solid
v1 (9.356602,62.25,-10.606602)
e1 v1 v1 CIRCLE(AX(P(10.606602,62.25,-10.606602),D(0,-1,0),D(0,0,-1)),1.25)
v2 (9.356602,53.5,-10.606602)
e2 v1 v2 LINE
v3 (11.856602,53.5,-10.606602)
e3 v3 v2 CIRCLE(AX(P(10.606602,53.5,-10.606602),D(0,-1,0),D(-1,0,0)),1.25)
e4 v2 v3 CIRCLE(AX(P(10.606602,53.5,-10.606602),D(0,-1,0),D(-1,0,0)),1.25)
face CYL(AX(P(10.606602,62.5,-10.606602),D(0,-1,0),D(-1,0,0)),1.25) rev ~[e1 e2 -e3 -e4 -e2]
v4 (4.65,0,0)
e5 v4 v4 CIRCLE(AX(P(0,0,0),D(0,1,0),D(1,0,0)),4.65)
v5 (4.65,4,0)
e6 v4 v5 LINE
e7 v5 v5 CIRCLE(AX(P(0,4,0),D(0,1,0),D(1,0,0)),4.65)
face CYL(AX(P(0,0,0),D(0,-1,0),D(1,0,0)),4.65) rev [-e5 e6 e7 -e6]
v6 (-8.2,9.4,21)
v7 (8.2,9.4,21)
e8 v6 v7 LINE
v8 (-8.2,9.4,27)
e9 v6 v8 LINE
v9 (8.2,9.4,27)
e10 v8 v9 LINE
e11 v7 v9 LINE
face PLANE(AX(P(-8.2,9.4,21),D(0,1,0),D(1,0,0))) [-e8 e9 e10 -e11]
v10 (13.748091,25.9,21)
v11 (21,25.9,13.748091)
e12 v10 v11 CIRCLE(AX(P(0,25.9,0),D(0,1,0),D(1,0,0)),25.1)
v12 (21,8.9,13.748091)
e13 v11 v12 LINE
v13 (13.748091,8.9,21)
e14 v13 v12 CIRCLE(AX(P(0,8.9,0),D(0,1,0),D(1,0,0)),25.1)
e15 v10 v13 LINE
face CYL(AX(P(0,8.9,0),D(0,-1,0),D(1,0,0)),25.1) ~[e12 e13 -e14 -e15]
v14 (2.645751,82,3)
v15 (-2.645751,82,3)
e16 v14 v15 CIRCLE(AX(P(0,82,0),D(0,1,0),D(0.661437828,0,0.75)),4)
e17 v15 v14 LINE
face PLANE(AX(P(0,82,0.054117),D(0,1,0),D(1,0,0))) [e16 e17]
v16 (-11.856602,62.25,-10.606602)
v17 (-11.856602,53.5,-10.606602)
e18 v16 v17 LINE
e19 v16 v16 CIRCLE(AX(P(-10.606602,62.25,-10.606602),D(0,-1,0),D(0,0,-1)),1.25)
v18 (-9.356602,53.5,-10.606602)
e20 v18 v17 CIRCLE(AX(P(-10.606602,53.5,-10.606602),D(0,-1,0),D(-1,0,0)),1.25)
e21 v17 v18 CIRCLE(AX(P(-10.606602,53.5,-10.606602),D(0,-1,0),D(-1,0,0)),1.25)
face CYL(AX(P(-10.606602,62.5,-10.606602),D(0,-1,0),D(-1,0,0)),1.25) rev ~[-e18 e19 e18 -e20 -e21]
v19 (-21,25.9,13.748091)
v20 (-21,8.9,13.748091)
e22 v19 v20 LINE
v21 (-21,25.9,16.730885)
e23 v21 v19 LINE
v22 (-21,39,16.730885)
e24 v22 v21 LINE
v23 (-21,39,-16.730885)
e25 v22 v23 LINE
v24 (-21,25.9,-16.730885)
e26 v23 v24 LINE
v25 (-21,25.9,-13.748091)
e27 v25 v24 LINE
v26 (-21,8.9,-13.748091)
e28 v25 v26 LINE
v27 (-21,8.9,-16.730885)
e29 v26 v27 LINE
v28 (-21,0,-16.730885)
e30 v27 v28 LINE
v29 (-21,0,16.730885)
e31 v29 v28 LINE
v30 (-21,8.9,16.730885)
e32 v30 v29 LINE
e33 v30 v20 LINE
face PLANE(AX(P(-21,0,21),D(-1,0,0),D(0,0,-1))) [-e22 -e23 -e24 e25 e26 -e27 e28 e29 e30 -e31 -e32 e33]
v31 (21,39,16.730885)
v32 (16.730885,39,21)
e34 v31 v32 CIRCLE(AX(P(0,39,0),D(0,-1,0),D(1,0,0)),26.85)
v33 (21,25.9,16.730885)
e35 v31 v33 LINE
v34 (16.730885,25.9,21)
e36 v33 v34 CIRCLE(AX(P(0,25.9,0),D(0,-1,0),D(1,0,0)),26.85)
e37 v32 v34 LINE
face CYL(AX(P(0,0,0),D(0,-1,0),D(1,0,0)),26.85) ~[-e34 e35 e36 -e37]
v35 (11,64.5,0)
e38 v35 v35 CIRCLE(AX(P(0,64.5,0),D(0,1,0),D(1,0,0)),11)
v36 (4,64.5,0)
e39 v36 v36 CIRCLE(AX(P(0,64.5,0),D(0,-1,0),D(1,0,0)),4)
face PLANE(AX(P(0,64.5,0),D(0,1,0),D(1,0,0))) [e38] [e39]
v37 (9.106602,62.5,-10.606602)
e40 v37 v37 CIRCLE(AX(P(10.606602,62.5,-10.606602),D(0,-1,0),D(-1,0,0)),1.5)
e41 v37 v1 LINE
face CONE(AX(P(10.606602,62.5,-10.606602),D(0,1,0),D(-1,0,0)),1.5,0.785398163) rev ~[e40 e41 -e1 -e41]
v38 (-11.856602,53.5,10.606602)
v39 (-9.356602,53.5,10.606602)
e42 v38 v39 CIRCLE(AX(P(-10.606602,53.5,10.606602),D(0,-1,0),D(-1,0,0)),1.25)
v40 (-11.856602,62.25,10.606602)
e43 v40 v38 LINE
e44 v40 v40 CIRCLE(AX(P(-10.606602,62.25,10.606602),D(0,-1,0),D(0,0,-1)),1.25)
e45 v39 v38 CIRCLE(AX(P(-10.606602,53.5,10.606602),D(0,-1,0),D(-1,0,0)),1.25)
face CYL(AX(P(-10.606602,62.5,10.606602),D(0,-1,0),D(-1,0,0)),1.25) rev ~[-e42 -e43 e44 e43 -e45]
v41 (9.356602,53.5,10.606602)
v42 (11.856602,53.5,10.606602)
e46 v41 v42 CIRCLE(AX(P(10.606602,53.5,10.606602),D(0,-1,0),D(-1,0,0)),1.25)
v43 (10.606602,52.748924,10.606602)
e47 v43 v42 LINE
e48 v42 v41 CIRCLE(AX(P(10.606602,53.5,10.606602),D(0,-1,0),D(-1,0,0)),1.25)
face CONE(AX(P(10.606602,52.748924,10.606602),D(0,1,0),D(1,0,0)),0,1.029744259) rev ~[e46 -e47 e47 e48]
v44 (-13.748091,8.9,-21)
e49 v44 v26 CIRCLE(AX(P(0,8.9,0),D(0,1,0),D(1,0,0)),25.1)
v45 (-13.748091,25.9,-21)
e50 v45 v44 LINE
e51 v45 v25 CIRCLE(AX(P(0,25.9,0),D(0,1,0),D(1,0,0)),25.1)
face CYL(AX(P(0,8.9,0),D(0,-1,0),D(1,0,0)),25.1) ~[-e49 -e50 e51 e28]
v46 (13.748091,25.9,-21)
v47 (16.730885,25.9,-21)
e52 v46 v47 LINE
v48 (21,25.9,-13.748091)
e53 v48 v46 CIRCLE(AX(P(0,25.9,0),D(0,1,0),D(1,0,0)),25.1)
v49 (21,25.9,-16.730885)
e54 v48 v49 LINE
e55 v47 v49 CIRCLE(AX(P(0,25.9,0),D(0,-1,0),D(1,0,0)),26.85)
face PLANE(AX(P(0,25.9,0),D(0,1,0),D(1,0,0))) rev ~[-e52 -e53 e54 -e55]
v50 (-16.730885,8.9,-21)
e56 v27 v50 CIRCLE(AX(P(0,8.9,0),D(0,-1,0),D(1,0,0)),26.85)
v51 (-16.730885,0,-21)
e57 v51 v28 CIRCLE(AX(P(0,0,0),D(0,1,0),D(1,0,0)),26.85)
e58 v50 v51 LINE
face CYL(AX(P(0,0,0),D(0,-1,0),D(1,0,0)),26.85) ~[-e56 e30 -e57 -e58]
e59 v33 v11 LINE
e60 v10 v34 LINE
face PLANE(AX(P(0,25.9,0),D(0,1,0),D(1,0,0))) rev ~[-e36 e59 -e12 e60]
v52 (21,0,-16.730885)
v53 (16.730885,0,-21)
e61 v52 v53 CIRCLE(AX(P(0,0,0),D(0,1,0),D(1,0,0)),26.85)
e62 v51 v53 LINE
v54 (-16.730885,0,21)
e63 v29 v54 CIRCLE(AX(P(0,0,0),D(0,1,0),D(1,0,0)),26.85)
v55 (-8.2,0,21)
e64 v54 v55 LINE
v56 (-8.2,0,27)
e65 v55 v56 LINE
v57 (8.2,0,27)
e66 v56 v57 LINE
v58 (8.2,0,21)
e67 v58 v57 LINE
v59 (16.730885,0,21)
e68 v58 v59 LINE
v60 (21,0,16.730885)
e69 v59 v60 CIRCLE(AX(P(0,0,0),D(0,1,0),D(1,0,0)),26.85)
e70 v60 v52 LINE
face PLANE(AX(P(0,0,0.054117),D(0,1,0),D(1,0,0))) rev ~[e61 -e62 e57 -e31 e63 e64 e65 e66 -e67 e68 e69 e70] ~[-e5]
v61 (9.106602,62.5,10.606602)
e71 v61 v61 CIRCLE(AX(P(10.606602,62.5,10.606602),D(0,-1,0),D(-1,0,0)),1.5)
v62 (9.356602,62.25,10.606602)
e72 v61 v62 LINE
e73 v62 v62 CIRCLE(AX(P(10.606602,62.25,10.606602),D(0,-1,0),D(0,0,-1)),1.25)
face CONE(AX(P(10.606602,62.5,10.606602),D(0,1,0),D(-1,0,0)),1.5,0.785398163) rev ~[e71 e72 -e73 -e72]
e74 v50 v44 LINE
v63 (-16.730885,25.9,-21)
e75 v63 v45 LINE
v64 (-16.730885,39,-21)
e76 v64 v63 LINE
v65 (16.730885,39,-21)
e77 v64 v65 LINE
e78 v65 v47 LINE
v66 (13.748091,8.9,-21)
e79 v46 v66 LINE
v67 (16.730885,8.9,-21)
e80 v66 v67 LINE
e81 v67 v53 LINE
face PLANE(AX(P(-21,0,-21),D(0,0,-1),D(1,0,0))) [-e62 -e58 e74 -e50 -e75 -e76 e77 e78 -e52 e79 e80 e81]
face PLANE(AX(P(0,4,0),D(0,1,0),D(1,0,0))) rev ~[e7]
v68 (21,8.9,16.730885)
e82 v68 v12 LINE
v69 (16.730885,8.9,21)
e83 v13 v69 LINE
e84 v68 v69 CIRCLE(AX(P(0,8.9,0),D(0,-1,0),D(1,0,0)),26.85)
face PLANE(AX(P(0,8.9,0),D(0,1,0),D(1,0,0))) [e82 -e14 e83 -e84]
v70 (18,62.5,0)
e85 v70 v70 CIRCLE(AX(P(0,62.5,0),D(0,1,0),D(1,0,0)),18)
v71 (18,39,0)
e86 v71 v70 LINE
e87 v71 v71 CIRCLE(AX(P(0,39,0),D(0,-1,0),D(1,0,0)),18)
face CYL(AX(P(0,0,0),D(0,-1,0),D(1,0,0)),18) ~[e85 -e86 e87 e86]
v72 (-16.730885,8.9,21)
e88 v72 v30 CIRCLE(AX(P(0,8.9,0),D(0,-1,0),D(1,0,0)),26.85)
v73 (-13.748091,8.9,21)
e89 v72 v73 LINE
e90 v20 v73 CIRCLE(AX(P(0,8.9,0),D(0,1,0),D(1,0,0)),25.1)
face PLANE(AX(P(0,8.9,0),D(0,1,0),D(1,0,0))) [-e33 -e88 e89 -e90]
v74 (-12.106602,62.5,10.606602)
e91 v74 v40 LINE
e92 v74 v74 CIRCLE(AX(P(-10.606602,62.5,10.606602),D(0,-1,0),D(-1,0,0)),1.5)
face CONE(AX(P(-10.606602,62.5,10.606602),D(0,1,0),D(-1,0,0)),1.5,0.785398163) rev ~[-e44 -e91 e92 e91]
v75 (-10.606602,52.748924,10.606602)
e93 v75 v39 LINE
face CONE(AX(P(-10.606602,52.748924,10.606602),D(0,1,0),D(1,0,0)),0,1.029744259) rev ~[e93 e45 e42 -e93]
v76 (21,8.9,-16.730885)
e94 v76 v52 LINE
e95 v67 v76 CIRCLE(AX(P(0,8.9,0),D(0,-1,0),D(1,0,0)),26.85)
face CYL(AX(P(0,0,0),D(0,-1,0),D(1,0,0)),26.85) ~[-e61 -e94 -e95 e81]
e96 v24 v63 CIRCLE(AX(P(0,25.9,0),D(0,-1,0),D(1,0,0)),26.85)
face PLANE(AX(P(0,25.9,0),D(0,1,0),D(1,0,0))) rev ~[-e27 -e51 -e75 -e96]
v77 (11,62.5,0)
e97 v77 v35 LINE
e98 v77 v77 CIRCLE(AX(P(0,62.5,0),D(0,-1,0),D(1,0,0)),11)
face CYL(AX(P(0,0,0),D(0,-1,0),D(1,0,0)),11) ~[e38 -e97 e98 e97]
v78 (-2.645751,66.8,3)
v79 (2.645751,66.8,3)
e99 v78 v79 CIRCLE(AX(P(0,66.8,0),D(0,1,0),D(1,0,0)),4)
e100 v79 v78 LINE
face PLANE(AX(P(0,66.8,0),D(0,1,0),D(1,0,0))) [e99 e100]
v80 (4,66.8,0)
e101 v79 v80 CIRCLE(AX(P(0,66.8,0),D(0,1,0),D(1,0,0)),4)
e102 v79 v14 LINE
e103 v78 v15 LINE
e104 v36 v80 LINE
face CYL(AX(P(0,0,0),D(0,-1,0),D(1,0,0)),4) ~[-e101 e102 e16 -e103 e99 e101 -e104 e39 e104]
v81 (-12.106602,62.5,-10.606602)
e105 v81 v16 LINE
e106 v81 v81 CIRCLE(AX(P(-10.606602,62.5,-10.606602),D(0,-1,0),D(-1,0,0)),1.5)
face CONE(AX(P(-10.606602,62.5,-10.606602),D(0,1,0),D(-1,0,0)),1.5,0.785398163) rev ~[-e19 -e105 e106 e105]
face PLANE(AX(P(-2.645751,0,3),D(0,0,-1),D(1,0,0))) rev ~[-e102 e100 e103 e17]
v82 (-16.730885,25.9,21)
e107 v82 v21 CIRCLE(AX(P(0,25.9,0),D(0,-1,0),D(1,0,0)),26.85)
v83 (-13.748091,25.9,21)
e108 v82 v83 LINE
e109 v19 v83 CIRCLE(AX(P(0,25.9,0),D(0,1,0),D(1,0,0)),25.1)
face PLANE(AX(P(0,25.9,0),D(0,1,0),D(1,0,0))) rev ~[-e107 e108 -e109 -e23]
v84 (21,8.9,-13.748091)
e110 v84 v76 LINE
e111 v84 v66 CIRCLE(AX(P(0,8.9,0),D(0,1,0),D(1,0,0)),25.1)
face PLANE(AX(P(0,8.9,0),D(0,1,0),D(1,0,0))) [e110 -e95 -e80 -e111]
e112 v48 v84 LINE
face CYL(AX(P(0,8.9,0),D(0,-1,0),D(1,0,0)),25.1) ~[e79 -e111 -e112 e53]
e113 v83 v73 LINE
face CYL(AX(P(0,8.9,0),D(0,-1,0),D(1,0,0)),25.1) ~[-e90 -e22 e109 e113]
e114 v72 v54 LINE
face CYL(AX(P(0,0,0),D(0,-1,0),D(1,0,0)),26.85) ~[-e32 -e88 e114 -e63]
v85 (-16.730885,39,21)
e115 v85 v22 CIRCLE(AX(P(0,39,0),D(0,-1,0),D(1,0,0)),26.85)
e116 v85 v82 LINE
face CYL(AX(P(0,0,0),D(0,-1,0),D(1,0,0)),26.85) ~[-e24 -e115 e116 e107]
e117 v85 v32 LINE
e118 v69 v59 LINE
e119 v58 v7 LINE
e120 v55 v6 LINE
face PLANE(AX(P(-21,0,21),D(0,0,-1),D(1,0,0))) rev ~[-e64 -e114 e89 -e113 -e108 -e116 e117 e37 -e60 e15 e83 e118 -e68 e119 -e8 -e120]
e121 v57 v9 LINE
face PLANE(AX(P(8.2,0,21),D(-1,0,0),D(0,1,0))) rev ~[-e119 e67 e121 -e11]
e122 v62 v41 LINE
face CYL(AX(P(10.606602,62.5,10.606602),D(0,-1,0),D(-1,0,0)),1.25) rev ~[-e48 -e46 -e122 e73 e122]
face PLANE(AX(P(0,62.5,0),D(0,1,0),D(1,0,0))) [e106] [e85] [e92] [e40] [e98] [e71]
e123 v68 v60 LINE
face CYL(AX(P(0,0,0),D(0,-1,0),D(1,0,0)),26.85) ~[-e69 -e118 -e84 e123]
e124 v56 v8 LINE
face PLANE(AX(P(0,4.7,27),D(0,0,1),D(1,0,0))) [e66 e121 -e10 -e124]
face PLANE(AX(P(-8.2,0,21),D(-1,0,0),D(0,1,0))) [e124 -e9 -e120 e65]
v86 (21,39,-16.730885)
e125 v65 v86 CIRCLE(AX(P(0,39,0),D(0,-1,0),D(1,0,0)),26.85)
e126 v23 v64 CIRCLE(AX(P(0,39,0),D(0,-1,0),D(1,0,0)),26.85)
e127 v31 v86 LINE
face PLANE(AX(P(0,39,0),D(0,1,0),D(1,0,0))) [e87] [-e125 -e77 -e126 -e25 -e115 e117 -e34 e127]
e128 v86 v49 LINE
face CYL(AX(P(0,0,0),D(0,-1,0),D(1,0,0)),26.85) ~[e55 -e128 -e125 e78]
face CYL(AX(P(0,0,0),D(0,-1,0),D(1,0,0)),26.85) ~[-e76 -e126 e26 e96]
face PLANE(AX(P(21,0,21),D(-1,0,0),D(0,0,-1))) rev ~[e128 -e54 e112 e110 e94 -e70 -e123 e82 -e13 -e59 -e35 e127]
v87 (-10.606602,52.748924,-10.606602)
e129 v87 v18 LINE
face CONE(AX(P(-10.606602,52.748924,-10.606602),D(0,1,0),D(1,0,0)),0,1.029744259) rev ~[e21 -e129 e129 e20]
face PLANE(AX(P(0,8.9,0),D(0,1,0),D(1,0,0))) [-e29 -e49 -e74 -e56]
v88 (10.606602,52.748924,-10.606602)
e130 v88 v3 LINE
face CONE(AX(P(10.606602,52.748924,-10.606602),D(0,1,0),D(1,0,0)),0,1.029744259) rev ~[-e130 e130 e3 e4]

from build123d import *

# Parameters (mm, degrees)
SZKIC1_W                         = 42
SZKIC1_H                         = 42
DODANIE_WYCI_GNI_CIE1_DEPTH      = 39
SZKIC1_3_R                       = 18
DODANIE_WYCI_GNI_CIE2_DEPTH      = 62.5
SZKIC1_4_R                       = 11
DODANIE_WYCI_GNI_CIE3_DEPTH      = 64.5
SZKIC1_5_R                       = 4
DODANIE_WYCI_GNI_CIE4_DEPTH      = 66.8
DODANIE_WYCI_GNI_CIE5_DEPTH      = 82
SZKIC2_OUTSIDE_W                 = 64.25
SZKIC2_OUTSIDE_H                 = 64.25
SZKIC2_OUTSIDE_R                 = 26.85
WYTNIJ_WYCI_GNI_CIE2_DEPTH       = 83
WYTNIJ_WYCI_GNI_CIE3_START       = 8.9
SZKIC3_OUTSIDE_W                 = 64.25
SZKIC3_OUTSIDE_H                 = 64.25
SZKIC3_OUTSIDE_R                 = 25.1
WYTNIJ_WYCI_GNI_CIE3_DEPTH       = 17
SZKIC4_R                         = 4.65
WYTNIJ_WYCI_GNI_CIE5_DEPTH       = 4
OTW_R_GWINTOWANY_M31_D           = 2.5
OTW_R_GWINTOWANY_M31_DEPTH       = 9
OTW_R_GWINTOWANY_M31_CSINK_D     = 3
OTW_R_GWINTOWANY_M31_CSINK_ANGLE = 90
OTW_R_GWINTOWANY_M31_TIP         = 0.751075774
DODANIE_WYCI_GNI_CIE6_START      = 21
SZKIC18_W                        = 16.4
SZKIC18_H                        = 9.4
DODANIE_WYCI_GNI_CIE6_DEPTH      = 6


with BuildPart() as part:
    # Szkic1 → Dodanie-wyci_gni_cie1 (new body)
    with BuildSketch(Plane(origin=(0, 0, 0), x_dir=(1, 0, 0), z_dir=(0, 1, 0))):
        Rectangle(SZKIC1_W, SZKIC1_H)
    extrude(amount=DODANIE_WYCI_GNI_CIE1_DEPTH)

    # Szkic1_3 → Dodanie-wyci_gni_cie2 (add)
    with BuildSketch(Plane(origin=(0, 0, 0), x_dir=(1, 0, 0), z_dir=(0, 1, 0))):
        Circle(SZKIC1_3_R)
    extrude(amount=DODANIE_WYCI_GNI_CIE2_DEPTH)

    # Szkic1_4 → Dodanie-wyci_gni_cie3 (add)
    with BuildSketch(Plane(origin=(0, 0, 0), x_dir=(1, 0, 0), z_dir=(0, 1, 0))):
        Circle(SZKIC1_4_R)
    extrude(amount=DODANIE_WYCI_GNI_CIE3_DEPTH)

    # Szkic1_5 → Dodanie-wyci_gni_cie4 (add)
    with BuildSketch(Plane(origin=(0, 0, 0), x_dir=(1, 0, 0), z_dir=(0, 1, 0))):
        Circle(SZKIC1_5_R)
    extrude(amount=DODANIE_WYCI_GNI_CIE4_DEPTH)

    # Szkic1_6 → Dodanie-wyci_gni_cie5 (add)
    with BuildSketch(Plane(origin=(0, 0, 0), x_dir=(1, 0, 0), z_dir=(0, 1, 0))):
        with BuildLine():
            Line((-2.645751311, -3), (2.645751311, -3))
            ThreePointArc((2.645751311, -3), (0, 4), (-2.645751311, -3))
        make_face()
    extrude(amount=DODANIE_WYCI_GNI_CIE5_DEPTH)

    # Szkic2 outside → Wytnij-wyci_gni_cie2 (cut, through all)
    with BuildSketch(Plane(origin=(0, 0, 0), x_dir=(1, 0, 0), z_dir=(0, 1, 0))):
        Rectangle(SZKIC2_OUTSIDE_W, SZKIC2_OUTSIDE_H)
        Circle(SZKIC2_OUTSIDE_R, mode=Mode.SUBTRACT)
    extrude(amount=WYTNIJ_WYCI_GNI_CIE2_DEPTH, mode=Mode.SUBTRACT)

    # Szkic3 outside → Wytnij-wyci_gni_cie3 (cut)
    with BuildSketch(Plane(origin=(0, 0, 0), x_dir=(1, 0, 0), z_dir=(0, 1, 0)).offset(WYTNIJ_WYCI_GNI_CIE3_START)):
        Rectangle(SZKIC3_OUTSIDE_W, SZKIC3_OUTSIDE_H)
        Circle(SZKIC3_OUTSIDE_R, mode=Mode.SUBTRACT)
    extrude(amount=WYTNIJ_WYCI_GNI_CIE3_DEPTH, mode=Mode.SUBTRACT)

    # Szkic4 → Wytnij-wyci_gni_cie5 (cut)
    with BuildSketch(Plane(origin=(0, 0, 0), x_dir=(1, 0, 0), z_dir=(0, 1, 0))):
        Circle(SZKIC4_R)
    extrude(amount=WYTNIJ_WYCI_GNI_CIE5_DEPTH, mode=Mode.SUBTRACT)

    # Otw_r gwintowany M31
    with Locations(Plane(origin=(0, 62.5, 0), x_dir=(1, 0, 0), z_dir=(0, 1, 0))):
        with Locations((-10.606601718, 10.606601718), (10.606601718, 10.606601718), (10.606601718, -10.606601718), (-10.606601718, -10.606601718)):
            CounterSinkHole(OTW_R_GWINTOWANY_M31_D / 2, OTW_R_GWINTOWANY_M31_CSINK_D / 2, depth=OTW_R_GWINTOWANY_M31_DEPTH, counter_sink_angle=OTW_R_GWINTOWANY_M31_CSINK_ANGLE)
            with Locations((0, 0, -(OTW_R_GWINTOWANY_M31_DEPTH + OTW_R_GWINTOWANY_M31_TIP / 2))):  # 118° drill point
                Cone(0, OTW_R_GWINTOWANY_M31_D / 2, OTW_R_GWINTOWANY_M31_TIP, mode=Mode.SUBTRACT)

    # Szkic18 → Dodanie-wyci_gni_cie6 (add)
    with BuildSketch(Plane.XY.offset(DODANIE_WYCI_GNI_CIE6_START)):
        with Locations((0, 4.7)):
            Rectangle(SZKIC18_W, SZKIC18_H)
    extrude(amount=DODANIE_WYCI_GNI_CIE6_DEPTH)


solid = part.part
